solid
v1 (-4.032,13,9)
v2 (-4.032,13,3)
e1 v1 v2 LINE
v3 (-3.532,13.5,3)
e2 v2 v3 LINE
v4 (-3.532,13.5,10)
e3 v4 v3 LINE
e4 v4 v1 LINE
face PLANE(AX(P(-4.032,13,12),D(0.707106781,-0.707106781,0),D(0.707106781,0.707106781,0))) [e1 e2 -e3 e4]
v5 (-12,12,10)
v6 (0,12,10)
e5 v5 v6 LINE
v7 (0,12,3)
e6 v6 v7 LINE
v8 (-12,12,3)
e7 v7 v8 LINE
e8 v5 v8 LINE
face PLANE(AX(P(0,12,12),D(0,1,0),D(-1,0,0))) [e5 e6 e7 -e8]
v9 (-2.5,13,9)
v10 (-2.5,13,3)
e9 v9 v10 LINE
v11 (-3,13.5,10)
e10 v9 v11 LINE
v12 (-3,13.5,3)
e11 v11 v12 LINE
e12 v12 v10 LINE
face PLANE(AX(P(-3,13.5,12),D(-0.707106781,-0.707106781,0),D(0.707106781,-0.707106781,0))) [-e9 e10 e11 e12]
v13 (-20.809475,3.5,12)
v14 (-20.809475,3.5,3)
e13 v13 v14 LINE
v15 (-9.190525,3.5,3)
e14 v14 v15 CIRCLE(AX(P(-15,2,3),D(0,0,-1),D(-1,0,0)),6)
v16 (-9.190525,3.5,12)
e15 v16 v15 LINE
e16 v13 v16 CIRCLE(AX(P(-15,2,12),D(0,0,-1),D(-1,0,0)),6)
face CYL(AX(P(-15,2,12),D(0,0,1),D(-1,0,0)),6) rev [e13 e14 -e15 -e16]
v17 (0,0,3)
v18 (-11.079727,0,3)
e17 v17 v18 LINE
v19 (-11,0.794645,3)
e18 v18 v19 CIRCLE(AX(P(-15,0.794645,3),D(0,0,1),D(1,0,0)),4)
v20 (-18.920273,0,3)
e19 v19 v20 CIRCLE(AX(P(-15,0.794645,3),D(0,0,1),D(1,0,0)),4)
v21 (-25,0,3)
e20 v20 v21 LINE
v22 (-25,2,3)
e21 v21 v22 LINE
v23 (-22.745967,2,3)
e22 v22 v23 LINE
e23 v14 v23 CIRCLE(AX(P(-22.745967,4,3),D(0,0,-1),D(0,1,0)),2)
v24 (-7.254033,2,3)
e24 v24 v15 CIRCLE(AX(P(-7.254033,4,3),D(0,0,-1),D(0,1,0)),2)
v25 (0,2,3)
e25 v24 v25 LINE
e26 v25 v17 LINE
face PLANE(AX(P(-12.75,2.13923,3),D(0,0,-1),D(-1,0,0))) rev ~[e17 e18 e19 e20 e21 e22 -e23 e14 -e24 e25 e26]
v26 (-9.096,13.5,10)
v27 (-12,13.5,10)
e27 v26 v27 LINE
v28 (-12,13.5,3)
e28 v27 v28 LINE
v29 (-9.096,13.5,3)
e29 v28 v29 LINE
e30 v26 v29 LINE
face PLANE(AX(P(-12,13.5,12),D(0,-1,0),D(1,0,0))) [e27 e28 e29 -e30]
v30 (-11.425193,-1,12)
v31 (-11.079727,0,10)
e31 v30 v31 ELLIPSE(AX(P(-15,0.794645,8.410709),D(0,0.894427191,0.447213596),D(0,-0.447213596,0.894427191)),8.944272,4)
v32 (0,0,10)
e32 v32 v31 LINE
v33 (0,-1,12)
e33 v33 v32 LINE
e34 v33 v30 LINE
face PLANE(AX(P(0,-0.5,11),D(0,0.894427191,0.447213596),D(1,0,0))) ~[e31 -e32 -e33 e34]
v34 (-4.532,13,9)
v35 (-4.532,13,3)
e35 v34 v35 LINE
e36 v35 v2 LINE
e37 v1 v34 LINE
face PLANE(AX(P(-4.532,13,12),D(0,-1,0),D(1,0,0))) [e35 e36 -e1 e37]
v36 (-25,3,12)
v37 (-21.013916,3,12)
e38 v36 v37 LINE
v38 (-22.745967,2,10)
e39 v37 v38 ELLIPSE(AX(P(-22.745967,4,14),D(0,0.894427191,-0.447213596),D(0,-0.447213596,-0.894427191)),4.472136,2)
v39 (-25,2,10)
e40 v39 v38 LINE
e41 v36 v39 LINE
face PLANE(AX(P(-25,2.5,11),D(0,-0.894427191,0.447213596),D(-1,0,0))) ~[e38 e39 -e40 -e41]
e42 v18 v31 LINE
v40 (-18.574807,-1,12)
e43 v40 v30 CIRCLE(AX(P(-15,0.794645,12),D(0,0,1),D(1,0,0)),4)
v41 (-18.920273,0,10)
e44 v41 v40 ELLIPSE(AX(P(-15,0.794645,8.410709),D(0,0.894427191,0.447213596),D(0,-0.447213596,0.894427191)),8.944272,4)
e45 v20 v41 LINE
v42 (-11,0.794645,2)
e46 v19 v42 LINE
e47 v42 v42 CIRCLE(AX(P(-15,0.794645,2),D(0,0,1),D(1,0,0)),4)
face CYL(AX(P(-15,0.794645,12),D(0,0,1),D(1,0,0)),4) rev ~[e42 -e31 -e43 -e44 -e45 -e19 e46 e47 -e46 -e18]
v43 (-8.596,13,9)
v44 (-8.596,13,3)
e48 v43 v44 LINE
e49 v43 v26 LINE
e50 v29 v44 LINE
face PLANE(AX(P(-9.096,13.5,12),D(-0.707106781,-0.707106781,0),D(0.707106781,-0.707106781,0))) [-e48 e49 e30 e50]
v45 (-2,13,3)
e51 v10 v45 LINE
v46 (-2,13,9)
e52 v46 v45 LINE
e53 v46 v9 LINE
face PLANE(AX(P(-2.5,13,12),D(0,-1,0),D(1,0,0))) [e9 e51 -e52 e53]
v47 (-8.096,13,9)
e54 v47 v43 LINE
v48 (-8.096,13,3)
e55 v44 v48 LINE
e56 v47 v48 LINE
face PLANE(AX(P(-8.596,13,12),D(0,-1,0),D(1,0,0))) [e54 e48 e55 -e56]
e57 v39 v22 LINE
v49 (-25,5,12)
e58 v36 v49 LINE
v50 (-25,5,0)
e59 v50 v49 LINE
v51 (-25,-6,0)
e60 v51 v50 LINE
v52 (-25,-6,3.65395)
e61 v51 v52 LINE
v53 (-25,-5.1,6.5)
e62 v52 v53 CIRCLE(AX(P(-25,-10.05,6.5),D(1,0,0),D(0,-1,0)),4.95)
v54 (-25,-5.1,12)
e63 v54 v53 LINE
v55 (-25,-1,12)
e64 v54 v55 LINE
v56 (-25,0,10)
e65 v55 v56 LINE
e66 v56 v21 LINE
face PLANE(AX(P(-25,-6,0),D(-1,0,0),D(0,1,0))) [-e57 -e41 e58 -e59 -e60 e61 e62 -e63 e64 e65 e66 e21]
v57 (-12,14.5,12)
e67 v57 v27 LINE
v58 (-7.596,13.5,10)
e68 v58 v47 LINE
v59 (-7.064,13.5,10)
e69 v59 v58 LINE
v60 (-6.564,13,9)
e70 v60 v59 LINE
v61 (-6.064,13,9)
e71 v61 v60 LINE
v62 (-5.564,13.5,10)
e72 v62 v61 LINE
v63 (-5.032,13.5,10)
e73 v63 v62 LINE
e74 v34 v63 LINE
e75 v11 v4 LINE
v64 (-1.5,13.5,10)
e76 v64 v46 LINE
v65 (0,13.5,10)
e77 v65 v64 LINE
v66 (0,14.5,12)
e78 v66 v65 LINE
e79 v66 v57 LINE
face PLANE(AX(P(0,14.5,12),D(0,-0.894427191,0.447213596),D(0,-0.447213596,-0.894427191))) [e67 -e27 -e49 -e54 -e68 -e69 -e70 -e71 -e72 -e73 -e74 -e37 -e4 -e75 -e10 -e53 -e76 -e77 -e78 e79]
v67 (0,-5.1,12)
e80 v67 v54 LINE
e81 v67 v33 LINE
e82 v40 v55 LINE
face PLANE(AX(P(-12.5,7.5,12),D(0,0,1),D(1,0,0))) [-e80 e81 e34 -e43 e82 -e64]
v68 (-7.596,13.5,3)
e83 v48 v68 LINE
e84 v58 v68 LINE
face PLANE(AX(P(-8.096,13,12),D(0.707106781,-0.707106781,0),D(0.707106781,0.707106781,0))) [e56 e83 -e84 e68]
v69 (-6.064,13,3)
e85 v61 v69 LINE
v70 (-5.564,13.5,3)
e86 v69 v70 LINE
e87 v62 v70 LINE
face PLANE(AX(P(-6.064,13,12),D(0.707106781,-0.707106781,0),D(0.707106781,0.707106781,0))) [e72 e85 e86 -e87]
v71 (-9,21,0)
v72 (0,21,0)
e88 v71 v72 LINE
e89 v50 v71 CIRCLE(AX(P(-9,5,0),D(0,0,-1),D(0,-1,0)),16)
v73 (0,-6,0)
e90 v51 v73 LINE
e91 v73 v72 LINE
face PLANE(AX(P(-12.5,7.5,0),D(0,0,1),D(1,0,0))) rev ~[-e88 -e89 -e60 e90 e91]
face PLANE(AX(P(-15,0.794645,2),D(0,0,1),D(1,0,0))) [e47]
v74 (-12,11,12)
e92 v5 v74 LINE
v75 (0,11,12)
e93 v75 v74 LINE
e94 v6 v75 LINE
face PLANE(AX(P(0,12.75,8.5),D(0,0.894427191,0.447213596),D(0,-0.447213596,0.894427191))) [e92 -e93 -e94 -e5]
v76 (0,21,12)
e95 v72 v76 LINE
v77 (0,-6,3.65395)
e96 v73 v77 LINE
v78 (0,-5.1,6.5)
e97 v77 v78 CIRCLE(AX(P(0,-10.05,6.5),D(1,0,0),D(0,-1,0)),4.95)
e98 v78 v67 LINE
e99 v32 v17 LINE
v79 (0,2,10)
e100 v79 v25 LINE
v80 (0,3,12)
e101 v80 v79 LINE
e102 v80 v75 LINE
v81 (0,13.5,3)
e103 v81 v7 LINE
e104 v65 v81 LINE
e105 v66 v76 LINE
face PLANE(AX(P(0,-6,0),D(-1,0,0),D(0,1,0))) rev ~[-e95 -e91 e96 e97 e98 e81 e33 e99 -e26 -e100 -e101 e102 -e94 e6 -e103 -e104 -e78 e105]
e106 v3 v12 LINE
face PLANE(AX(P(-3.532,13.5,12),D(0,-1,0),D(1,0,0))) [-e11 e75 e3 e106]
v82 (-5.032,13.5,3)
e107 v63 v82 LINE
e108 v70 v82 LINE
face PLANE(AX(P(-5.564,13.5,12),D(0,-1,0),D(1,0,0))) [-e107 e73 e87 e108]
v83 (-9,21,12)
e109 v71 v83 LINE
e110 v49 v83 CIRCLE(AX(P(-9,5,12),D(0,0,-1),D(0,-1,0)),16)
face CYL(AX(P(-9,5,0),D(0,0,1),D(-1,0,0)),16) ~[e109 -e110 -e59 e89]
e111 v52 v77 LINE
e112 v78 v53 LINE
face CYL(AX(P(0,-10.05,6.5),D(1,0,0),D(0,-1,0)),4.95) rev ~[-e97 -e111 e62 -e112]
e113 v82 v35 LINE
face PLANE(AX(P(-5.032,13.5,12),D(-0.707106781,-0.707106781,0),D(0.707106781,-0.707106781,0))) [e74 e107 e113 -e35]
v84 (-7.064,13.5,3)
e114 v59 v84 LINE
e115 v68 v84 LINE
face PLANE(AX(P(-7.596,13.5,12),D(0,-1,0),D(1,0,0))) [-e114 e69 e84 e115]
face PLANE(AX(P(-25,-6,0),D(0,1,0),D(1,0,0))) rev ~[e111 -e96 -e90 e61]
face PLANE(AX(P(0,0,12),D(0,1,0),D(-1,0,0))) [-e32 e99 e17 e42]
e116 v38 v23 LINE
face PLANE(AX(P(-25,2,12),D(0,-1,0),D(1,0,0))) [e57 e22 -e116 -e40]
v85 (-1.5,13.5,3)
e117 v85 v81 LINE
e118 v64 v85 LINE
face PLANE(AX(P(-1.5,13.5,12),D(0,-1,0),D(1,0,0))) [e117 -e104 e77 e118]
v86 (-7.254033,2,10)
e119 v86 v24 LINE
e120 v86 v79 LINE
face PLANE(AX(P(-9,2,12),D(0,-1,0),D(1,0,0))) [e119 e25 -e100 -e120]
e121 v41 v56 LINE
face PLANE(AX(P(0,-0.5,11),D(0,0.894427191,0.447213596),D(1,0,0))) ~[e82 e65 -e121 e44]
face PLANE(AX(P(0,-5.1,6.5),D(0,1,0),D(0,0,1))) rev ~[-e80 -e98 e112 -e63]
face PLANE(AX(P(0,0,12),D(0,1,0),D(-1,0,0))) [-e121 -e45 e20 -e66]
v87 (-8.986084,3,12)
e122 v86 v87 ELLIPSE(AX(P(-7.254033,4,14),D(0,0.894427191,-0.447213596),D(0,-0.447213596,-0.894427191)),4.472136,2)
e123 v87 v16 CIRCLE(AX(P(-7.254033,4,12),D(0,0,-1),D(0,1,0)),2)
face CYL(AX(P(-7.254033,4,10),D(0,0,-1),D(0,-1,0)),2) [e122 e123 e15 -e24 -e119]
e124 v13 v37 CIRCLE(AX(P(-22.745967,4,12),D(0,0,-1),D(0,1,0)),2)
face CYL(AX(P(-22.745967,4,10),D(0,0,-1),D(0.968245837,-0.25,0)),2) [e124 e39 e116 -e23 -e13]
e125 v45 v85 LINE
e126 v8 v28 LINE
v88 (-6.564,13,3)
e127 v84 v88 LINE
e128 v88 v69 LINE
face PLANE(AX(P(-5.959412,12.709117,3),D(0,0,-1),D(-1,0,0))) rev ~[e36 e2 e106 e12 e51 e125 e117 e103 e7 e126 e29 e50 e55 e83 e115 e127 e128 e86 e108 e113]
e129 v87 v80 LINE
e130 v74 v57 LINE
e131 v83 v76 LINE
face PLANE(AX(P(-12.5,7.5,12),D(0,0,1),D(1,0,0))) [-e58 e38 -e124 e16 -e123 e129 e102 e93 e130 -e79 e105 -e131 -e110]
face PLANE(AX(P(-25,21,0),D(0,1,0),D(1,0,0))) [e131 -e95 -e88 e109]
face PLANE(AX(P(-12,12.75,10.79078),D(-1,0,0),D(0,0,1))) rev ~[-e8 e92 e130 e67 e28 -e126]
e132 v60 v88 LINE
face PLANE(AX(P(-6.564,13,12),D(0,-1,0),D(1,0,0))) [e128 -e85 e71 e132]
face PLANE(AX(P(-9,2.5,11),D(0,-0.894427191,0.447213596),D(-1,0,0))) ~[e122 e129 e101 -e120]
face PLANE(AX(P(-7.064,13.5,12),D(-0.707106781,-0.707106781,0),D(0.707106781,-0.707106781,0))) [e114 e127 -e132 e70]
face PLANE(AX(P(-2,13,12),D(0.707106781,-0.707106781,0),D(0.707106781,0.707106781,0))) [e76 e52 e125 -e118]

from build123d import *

# Parameters (mm, degrees)
SKETCH1_W           = 25
SKETCH1_H           = 27
BOSS_EXTRUDE1_DEPTH = 12
CUT_EXTRUDE1_DEPTH  = 9
CUT_EXTRUDE2_DEPTH  = 26
FILLET1_R           = 16
CHAMFER2_SIZE       = 1
CHAMFER2_SIZE2      = 2
CHAMFER3_SIZE       = 1
CHAMFER3_SIZE2      = 2
CUT_EXTRUDE4_DEPTH  = 12
FILLET2_R           = 2
SKETCH6_R           = 4
CUT_EXTRUDE5_DEPTH  = 10


with BuildPart() as part:
    # Sketch1 → Boss-Extrude1 (new body)
    with BuildSketch(Plane.XY):
        with Locations((-12.5, 7.5)):
            Rectangle(SKETCH1_W, SKETCH1_H)
    extrude(amount=BOSS_EXTRUDE1_DEPTH)

    # Sketch2 → Cut-Extrude1 (cut)
    with BuildSketch(Plane.XY.offset(12)):
        with BuildLine():
            Line((0, 0), (-25, 0))
            Line((-25, 0), (-25, 2))
            Line((-25, 2), (-21, 2))
            ThreePointArc((-21, 2), (-15, 8), (-9, 2))
            Line((-9, 2), (0, 2))
            Line((0, 2), (0, 0))
        make_face()
        Polygon((0, 12), (-12, 12), (-12, 13.5), (-9.096, 13.5), (-8.596, 13), (-8.096, 13), (-7.596, 13.5), (-7.064, 13.5), (-6.564, 13), (-6.064, 13), (-5.564, 13.5), (-5.032, 13.5), (-4.532, 13), (-4.032, 13), (-3.532, 13.5), (-3, 13.5), (-2.5, 13), (-2, 13), (-1.5, 13.5), (0, 13.5), align=None)
    extrude(amount=-CUT_EXTRUDE1_DEPTH, mode=Mode.SUBTRACT)

    # Sketch3 → Cut-Extrude2 (cut, through all)
    with BuildSketch(Plane(origin=(0, 0, 0), x_dir=(0, 0, -1), z_dir=(1, 0, 0))):
        with BuildLine():
            Line((-6.5, -5.1), (-14.907534026, -5.1))
            Line((-14.907534026, -5.1), (-14.907534026, -15))
            Line((-14.907534026, -15), (-6.5, -15))
            ThreePointArc((-6.5, -15), (-1.55, -10.05), (-6.5, -5.1))
        make_face()
    extrude(amount=-CUT_EXTRUDE2_DEPTH, mode=Mode.SUBTRACT)

    # Fillet1
    fillet1_edges = [part.edges().sort_by_distance(p)[0] for p in [
        (-25, 21, 6),
    ]]
    fillet(fillet1_edges, radius=FILLET1_R)

    # Chamfer2
    chamfer2_edges = [part.edges().sort_by_distance(p)[0] for p in [
        (-4.5, 2, 12),
        (-23, 2, 12),
    ]]
    chamfer2_side = [part.faces().sort_by_distance(p)[0] for p in [
        (-10.97729814, 11.640214696, 12),
    ]]
    chamfer(chamfer2_edges, length=CHAMFER2_SIZE, length2=CHAMFER2_SIZE2, reference=chamfer2_side[0])

    # Chamfer3
    chamfer3_edges = [part.edges().sort_by_distance(p)[0] for p in [
        (-12.5, 0, 12),
    ]]
    chamfer3_side = [part.faces().sort_by_distance(p)[0] for p in [
        (-12.5, -2.55, 12),
    ]]
    chamfer(chamfer3_edges, length=CHAMFER3_SIZE, length2=CHAMFER3_SIZE2, reference=chamfer3_side[0])

    # Sketch5 → Cut-Extrude4 (cut)
    with BuildSketch(Plane(origin=(0, 0, 0), x_dir=(0, 0, -1), z_dir=(1, 0, 0))):
        Polygon((-12, 14.5), (-8.5, 12.75), (-12, 11), (-12, 12), (-12, 13.5), align=None)
    extrude(amount=-CUT_EXTRUDE4_DEPTH, mode=Mode.SUBTRACT)

    # Fillet2
    fillet2_edges = [part.edges().sort_by_distance(p)[0] for p in [
        (-9, 2, 6.5),
        (-21, 2, 6.5),
    ]]
    fillet(fillet2_edges, radius=FILLET2_R)

    # Sketch6 → Cut-Extrude5 (cut)
    with BuildSketch(Plane.XY.offset(12)):
        with Locations((-15, 0.794645258)):
            Circle(SKETCH6_R)
    extrude(amount=-CUT_EXTRUDE5_DEPTH, mode=Mode.SUBTRACT)


solid = part.part
